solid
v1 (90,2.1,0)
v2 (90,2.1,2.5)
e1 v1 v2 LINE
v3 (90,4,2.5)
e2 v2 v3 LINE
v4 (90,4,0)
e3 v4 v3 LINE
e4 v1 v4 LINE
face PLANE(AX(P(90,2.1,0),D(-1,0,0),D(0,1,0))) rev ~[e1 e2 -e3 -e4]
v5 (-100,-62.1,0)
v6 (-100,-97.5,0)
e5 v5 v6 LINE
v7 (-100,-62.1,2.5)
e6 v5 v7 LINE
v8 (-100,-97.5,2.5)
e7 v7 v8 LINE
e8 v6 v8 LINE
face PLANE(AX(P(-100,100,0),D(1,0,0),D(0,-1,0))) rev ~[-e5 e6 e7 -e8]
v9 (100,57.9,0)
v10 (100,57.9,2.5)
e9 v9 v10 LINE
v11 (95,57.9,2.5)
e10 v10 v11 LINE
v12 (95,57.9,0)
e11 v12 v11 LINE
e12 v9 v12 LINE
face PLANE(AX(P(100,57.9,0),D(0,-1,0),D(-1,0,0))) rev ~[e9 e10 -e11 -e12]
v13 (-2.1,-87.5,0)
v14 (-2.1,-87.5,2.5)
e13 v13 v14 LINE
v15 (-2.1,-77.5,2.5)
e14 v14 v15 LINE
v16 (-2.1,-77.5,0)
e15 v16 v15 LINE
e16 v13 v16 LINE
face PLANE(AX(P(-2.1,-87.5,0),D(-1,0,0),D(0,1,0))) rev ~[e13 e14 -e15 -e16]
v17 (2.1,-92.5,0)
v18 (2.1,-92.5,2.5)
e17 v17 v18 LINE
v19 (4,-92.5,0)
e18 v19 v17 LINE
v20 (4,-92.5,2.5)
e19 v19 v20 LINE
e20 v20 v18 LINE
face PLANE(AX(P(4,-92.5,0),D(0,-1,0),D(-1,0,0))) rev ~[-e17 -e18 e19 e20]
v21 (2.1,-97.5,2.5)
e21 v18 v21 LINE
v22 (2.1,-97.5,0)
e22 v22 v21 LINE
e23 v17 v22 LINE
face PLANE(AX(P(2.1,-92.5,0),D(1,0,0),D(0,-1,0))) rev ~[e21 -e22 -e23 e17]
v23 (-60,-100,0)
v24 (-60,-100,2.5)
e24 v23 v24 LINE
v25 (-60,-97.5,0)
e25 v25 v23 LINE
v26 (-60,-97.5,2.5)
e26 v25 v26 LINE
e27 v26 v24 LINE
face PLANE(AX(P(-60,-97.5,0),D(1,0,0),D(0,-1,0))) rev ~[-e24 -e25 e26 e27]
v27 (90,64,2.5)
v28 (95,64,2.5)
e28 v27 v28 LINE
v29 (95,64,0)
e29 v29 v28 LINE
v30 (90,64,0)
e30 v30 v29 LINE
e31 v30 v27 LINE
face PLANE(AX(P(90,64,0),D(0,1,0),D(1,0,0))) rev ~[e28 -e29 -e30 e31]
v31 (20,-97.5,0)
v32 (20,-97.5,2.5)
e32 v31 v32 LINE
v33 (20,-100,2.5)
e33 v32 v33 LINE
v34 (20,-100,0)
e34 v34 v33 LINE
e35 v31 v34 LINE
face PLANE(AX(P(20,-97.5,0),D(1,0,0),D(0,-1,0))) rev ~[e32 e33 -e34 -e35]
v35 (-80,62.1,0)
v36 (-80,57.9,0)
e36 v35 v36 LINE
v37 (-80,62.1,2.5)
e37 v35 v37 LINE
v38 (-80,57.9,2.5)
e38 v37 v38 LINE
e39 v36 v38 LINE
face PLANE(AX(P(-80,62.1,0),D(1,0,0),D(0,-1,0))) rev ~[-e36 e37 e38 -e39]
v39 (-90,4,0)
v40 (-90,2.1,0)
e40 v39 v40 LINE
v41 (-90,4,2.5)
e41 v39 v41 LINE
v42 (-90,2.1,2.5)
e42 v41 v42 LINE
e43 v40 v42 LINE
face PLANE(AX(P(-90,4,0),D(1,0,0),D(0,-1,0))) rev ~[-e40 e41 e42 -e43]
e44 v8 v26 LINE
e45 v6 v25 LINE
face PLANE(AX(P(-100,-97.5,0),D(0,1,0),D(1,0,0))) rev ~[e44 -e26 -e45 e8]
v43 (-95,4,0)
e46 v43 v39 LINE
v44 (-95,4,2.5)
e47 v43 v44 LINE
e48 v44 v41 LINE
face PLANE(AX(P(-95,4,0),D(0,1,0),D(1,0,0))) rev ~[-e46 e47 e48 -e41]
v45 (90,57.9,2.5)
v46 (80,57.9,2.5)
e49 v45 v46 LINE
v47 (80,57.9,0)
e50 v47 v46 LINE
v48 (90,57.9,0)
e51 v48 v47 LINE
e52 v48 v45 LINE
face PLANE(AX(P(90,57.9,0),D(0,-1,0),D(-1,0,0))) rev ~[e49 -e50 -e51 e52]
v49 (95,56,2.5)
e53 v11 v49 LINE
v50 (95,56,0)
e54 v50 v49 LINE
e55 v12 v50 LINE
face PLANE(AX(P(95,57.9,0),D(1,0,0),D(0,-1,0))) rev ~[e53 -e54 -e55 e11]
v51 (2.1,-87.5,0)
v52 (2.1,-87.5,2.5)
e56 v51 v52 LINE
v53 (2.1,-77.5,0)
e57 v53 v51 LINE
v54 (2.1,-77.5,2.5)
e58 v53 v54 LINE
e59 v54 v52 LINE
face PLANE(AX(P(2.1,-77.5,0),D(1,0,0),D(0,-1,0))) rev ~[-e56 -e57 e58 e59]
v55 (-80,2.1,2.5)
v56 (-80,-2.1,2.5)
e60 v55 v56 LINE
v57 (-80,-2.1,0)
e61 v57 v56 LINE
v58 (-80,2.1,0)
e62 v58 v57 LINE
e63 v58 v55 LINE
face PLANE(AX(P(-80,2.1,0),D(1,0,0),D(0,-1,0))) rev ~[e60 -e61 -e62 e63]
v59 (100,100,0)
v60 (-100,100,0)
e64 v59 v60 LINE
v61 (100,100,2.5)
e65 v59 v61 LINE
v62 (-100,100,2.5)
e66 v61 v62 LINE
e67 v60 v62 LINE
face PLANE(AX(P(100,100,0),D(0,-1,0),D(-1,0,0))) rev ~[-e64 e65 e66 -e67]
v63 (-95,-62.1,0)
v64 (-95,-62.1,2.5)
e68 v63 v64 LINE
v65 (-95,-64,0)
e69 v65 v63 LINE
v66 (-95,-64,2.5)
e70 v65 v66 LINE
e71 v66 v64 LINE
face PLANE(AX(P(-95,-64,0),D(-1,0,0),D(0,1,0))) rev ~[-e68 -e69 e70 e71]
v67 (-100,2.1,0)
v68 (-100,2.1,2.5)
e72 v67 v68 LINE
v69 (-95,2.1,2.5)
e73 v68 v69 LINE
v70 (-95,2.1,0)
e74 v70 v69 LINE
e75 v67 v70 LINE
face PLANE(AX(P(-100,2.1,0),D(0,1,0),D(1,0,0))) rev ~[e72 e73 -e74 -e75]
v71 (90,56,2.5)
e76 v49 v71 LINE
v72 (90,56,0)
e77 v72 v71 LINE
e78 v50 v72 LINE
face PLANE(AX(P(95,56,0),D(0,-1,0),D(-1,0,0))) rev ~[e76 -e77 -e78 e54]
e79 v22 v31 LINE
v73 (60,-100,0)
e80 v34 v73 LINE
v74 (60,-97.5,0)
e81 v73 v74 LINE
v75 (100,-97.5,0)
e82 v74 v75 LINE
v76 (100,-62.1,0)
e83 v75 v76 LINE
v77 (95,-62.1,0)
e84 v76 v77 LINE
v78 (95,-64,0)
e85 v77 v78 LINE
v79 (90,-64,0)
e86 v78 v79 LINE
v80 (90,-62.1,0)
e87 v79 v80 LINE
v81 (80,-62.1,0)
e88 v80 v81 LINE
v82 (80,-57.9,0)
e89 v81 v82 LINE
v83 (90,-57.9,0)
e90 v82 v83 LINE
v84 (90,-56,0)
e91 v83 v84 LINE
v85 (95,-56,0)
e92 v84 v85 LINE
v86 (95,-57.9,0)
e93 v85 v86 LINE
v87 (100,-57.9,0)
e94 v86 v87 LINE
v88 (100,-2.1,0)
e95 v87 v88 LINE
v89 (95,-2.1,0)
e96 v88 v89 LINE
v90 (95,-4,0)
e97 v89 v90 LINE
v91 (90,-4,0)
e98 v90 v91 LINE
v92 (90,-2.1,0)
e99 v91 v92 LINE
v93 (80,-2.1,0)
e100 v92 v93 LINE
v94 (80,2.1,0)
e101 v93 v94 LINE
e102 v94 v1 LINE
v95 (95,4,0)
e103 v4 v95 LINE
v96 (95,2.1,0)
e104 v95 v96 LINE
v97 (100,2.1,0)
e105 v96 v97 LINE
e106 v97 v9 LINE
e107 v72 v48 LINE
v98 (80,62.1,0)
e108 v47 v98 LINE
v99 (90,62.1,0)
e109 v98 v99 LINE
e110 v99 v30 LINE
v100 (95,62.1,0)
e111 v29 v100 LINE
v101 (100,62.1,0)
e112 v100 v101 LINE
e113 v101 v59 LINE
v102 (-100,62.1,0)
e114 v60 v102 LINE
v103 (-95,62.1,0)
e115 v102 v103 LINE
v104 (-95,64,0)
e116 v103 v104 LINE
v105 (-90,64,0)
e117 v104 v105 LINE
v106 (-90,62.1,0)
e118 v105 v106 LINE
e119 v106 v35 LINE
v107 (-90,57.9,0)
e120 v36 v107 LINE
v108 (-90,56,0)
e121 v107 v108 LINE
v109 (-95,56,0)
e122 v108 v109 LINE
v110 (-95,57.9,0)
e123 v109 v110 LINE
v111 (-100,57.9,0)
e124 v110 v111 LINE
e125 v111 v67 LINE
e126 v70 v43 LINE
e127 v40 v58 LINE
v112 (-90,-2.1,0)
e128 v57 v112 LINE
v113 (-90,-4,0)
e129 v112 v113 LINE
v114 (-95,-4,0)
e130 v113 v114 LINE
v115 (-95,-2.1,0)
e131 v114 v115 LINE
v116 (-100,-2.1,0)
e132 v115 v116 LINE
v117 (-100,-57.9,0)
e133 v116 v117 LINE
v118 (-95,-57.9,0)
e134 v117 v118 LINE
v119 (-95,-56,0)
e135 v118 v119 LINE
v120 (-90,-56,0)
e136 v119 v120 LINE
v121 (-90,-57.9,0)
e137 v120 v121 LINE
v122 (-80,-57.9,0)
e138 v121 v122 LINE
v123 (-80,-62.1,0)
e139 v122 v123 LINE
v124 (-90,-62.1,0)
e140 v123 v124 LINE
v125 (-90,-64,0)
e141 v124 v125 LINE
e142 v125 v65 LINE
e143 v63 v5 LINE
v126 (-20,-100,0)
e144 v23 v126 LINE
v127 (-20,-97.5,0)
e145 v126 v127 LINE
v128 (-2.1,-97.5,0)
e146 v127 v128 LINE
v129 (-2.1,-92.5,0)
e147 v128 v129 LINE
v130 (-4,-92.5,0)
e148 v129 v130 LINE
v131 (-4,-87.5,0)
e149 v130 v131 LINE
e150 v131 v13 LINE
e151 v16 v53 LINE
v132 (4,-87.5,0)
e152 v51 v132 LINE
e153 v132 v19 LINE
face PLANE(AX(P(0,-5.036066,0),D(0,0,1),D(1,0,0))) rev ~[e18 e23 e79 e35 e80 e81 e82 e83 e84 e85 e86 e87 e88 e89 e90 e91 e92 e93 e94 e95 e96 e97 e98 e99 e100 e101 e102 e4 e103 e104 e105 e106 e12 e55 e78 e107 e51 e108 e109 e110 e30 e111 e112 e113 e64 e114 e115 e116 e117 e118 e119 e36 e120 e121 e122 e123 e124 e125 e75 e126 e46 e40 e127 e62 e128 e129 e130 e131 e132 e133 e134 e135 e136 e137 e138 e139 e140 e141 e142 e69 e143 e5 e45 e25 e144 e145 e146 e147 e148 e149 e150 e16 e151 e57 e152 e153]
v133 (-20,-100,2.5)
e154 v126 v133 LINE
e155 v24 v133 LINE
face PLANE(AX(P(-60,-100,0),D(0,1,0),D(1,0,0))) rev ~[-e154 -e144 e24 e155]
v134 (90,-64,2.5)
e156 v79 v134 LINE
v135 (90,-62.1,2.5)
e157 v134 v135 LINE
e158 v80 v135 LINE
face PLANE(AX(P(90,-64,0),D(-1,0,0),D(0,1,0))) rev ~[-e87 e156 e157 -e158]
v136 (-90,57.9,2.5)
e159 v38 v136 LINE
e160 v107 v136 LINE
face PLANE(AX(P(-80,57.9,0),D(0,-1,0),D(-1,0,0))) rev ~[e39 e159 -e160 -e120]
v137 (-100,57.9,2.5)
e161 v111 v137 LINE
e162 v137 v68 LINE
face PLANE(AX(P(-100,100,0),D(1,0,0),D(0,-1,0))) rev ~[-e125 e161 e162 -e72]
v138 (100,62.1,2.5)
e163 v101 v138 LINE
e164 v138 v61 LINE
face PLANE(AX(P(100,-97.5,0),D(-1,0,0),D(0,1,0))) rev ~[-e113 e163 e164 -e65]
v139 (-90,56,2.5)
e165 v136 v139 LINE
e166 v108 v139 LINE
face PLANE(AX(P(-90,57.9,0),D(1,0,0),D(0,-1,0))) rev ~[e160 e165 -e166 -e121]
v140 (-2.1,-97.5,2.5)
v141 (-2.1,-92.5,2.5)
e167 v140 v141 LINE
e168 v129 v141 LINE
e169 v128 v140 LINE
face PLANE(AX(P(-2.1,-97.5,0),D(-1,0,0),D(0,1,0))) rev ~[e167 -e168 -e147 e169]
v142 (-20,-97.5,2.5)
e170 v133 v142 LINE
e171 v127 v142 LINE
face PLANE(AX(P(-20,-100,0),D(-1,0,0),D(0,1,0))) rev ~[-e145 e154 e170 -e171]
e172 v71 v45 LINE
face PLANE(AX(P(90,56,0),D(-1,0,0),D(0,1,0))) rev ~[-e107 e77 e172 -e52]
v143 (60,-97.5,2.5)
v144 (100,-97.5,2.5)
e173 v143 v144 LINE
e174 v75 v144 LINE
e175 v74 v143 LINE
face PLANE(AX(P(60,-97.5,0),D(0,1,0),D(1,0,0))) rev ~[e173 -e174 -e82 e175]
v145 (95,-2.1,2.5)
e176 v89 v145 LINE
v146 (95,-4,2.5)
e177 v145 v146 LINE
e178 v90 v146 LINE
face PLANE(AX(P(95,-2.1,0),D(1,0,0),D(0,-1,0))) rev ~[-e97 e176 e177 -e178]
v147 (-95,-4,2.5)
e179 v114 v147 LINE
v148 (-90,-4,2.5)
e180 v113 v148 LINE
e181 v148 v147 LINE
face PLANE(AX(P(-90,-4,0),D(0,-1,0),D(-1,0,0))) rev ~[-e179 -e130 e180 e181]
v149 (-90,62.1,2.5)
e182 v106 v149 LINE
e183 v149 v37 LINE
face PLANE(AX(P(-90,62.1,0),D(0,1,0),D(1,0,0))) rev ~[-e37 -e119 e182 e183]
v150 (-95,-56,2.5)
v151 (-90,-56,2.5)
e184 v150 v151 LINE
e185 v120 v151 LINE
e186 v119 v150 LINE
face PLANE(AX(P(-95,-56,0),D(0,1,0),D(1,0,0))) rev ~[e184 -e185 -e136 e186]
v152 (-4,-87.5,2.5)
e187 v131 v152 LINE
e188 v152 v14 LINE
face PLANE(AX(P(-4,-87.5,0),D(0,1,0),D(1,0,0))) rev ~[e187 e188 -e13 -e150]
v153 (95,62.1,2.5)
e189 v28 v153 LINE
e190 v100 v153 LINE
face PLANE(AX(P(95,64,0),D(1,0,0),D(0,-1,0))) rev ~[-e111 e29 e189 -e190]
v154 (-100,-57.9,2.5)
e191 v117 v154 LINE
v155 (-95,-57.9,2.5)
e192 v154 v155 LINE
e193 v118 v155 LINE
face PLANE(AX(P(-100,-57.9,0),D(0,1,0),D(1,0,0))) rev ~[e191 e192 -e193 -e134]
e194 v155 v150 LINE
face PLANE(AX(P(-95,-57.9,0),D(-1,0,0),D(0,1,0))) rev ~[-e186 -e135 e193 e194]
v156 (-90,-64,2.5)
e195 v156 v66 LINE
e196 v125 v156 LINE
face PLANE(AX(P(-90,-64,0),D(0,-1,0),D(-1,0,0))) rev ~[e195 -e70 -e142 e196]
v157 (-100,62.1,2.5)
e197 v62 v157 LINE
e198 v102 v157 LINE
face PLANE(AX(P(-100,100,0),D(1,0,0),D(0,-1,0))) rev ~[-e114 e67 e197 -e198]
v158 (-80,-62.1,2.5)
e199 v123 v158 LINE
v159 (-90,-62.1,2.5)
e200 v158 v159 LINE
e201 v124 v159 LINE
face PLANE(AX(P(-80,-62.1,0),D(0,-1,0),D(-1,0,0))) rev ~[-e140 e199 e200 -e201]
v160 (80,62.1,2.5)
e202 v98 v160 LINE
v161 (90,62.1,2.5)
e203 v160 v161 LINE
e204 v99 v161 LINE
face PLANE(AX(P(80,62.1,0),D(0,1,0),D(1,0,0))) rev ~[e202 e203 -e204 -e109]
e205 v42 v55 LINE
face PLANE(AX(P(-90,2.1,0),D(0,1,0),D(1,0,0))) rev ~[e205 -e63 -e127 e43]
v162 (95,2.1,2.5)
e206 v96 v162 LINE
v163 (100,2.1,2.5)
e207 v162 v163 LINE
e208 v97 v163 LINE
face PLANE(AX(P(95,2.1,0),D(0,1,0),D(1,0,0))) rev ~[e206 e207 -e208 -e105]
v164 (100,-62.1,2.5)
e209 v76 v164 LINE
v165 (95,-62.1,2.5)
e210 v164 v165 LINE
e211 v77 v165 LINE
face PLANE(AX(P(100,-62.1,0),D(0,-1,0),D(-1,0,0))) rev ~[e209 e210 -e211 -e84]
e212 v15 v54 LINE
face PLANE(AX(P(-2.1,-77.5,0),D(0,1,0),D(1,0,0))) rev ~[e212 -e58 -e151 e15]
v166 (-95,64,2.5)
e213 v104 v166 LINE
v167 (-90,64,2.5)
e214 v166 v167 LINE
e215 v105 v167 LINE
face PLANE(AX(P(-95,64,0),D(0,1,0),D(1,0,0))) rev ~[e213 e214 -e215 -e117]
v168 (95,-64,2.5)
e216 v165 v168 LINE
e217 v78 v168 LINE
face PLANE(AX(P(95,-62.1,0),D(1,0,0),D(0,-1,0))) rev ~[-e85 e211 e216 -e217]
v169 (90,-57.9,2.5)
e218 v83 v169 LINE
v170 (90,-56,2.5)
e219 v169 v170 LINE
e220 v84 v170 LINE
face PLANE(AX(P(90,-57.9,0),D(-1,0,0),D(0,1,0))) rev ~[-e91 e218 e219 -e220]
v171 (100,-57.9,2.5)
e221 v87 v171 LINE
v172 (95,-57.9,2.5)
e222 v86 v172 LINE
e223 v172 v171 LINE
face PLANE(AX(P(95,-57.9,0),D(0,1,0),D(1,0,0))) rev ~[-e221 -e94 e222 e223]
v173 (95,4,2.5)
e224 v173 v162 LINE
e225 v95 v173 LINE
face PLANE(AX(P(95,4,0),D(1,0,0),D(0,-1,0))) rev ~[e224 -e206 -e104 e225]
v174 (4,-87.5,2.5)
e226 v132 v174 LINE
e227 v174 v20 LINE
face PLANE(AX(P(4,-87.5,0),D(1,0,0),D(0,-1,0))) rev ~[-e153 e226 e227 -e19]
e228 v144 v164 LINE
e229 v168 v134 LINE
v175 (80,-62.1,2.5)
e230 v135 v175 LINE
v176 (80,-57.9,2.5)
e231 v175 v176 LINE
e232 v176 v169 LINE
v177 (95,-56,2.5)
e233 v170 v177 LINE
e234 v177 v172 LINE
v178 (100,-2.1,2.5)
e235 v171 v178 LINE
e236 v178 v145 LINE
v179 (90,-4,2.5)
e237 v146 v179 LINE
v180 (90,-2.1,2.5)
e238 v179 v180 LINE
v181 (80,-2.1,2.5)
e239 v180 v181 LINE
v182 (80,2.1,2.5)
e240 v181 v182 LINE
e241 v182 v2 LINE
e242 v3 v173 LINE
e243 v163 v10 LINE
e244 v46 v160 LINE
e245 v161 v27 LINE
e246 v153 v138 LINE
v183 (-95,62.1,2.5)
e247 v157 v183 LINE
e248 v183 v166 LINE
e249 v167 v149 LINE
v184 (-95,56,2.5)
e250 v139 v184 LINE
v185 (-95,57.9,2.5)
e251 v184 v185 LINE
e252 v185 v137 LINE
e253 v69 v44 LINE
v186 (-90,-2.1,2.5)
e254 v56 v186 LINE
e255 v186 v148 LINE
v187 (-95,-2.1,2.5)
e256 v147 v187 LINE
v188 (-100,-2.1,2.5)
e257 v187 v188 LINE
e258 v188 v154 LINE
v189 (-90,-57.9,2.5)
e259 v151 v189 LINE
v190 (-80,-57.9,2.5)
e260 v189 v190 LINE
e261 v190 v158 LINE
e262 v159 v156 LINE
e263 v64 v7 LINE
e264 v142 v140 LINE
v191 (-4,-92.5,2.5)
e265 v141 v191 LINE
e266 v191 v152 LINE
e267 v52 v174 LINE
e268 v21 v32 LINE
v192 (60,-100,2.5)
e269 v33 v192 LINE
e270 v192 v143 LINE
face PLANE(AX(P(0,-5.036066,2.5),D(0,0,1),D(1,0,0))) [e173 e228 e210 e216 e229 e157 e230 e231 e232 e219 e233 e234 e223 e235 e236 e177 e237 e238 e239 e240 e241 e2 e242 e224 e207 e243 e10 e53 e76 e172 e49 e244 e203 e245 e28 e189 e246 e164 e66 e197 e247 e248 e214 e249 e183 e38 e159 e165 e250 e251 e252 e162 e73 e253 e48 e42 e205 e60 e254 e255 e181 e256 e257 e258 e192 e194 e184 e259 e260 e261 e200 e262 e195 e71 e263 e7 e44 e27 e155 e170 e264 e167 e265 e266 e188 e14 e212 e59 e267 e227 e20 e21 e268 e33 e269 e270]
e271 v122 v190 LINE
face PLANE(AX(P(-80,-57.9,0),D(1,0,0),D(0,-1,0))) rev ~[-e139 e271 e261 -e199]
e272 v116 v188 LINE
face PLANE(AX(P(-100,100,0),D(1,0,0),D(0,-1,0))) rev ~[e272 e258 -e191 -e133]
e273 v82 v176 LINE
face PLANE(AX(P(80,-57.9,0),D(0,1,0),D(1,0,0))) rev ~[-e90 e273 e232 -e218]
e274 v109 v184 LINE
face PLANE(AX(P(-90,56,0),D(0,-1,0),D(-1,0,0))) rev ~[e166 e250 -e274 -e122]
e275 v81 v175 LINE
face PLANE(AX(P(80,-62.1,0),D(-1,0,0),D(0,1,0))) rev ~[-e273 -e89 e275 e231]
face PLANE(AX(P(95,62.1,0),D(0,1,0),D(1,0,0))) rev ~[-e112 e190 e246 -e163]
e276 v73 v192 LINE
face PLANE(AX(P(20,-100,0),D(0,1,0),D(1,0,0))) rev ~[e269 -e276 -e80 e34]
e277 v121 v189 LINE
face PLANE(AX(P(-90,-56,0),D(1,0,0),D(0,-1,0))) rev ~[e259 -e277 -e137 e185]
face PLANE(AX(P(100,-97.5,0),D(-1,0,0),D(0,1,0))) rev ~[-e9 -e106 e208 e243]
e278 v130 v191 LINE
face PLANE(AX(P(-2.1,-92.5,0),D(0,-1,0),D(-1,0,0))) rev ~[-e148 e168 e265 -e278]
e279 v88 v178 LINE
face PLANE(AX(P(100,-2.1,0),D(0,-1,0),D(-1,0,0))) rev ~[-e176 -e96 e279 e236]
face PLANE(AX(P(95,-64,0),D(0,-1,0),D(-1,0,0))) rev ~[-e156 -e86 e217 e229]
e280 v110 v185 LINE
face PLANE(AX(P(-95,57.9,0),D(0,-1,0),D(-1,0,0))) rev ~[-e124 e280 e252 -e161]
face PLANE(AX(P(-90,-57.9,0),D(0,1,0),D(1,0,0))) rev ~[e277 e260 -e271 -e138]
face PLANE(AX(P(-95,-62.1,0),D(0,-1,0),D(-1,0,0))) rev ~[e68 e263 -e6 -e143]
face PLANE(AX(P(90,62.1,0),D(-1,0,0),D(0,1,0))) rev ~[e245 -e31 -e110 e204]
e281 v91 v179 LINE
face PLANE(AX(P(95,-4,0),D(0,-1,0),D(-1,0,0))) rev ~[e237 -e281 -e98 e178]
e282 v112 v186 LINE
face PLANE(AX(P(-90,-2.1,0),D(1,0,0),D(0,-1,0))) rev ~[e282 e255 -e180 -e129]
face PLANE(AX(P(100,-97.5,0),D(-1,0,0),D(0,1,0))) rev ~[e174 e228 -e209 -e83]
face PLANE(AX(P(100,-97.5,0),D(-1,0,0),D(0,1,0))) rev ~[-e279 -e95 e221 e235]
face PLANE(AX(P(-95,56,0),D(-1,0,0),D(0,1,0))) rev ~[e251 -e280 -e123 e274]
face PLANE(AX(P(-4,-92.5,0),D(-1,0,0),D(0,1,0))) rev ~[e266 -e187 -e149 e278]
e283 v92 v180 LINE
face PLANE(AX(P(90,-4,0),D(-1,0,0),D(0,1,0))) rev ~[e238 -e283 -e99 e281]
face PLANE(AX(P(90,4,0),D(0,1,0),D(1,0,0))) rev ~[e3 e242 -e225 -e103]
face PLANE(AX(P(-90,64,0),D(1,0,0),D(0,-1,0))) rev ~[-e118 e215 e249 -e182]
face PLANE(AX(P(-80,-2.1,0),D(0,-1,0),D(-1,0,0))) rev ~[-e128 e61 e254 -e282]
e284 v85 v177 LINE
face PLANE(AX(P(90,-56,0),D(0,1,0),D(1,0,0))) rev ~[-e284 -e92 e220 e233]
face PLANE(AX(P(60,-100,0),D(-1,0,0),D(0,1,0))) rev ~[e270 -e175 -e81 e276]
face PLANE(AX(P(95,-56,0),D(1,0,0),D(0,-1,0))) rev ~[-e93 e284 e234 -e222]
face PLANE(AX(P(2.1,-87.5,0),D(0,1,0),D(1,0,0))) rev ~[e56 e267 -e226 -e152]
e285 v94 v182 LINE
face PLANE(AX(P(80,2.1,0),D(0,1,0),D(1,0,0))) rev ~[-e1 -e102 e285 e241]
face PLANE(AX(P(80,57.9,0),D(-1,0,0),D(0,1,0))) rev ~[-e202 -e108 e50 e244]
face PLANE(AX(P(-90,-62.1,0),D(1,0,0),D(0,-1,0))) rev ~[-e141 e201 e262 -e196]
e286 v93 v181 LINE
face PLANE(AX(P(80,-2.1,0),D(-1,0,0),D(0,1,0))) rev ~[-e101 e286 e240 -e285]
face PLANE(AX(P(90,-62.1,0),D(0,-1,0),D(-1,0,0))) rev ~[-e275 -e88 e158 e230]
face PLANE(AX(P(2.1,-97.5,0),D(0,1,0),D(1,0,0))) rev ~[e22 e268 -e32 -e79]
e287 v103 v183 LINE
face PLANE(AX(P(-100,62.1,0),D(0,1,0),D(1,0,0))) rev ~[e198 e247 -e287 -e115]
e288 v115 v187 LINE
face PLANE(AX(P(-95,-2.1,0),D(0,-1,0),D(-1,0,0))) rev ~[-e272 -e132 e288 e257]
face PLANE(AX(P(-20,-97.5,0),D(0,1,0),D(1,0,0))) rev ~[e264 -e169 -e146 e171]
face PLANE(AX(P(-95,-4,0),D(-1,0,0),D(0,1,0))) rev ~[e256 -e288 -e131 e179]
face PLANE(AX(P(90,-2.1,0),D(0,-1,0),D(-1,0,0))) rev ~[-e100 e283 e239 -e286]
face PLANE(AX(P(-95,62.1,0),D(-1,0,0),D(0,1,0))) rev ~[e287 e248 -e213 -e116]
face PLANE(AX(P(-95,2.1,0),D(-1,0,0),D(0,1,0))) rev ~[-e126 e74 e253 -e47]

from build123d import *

# Parameters (mm, degrees)
BOSS_EXTRUDE1_DEPTH = 2.5
CUT_EXTRUDE1_DEPTH  = 2.5


with BuildPart() as part:
    # Sketch1 → Boss-Extrude1 (new body)
    with BuildSketch(Plane.XY):
        Polygon((-60, -100), (-20, -100), (-20, -97.5), (-2.1, -97.5), (-2.1, -92.5), (-4, -92.5), (-4, -87.5), (-2.1, -87.5), (-2.1, -77.5), (0, -77.5), (2.1, -77.5), (2.1, -87.5), (4, -87.5), (4, -92.5), (2.1, -92.5), (2.1, -97.5), (20, -97.5), (20, -100), (60, -100), (60, -97.5), (100, -97.5), (100, 100), (-100, 100), (-100, -97.5), (-60, -97.5), align=None)
    extrude(amount=BOSS_EXTRUDE1_DEPTH)

    # Sketch4 → Cut-Extrude1 (cut)
    with BuildSketch(Plane(origin=(0, 0, 0), x_dir=(-1, 0, 0), z_dir=(0, 0, -1))):
        Polygon((-80, 0), (-100, 0), (-100, -2.1), (-95, -2.1), (-95, -4), (-90, -4), (-90, -2.1), (-80, -2.1), align=None)
        Polygon((-95, 2.1), (-100, 2.1), (-100, 0), (-80, 0), (-80, 2.1), (-90, 2.1), (-90, 4), (-95, 4), align=None)
        Polygon((-95, 62.1), (-100, 62.1), (-100, 57.9), (-95, 57.9), (-95, 56), (-90, 56), (-90, 57.9), (-80, 57.9), (-80, 62.1), (-90, 62.1), (-90, 64), (-95, 64), align=None)
        Polygon((-95, -57.9), (-100, -57.9), (-100, -62.1), (-95, -62.1), (-95, -64), (-90, -64), (-90, -62.1), (-80, -62.1), (-80, -57.9), (-90, -57.9), (-90, -56), (-95, -56), align=None)
        Polygon((95, 57.9), (100, 57.9), (100, 62.1), (95, 62.1), (95, 64), (90, 64), (90, 62.1), (80, 62.1), (80, 57.9), (90, 57.9), (90, 56), (95, 56), align=None)
        Polygon((95, -2.1), (100, -2.1), (100, 2.1), (95, 2.1), (95, 4), (90, 4), (90, 2.1), (80, 2.1), (80, -2.1), (90, -2.1), (90, -4), (95, -4), align=None)
        Polygon((100, -62.1), (100, -57.9), (95, -57.9), (95, -56), (90, -56), (90, -57.9), (80, -57.9), (80, -62.1), (90, -62.1), (90, -64), (95, -64), (95, -62.1), align=None)
    extrude(amount=-CUT_EXTRUDE1_DEPTH, mode=Mode.SUBTRACT)


solid = part.part
